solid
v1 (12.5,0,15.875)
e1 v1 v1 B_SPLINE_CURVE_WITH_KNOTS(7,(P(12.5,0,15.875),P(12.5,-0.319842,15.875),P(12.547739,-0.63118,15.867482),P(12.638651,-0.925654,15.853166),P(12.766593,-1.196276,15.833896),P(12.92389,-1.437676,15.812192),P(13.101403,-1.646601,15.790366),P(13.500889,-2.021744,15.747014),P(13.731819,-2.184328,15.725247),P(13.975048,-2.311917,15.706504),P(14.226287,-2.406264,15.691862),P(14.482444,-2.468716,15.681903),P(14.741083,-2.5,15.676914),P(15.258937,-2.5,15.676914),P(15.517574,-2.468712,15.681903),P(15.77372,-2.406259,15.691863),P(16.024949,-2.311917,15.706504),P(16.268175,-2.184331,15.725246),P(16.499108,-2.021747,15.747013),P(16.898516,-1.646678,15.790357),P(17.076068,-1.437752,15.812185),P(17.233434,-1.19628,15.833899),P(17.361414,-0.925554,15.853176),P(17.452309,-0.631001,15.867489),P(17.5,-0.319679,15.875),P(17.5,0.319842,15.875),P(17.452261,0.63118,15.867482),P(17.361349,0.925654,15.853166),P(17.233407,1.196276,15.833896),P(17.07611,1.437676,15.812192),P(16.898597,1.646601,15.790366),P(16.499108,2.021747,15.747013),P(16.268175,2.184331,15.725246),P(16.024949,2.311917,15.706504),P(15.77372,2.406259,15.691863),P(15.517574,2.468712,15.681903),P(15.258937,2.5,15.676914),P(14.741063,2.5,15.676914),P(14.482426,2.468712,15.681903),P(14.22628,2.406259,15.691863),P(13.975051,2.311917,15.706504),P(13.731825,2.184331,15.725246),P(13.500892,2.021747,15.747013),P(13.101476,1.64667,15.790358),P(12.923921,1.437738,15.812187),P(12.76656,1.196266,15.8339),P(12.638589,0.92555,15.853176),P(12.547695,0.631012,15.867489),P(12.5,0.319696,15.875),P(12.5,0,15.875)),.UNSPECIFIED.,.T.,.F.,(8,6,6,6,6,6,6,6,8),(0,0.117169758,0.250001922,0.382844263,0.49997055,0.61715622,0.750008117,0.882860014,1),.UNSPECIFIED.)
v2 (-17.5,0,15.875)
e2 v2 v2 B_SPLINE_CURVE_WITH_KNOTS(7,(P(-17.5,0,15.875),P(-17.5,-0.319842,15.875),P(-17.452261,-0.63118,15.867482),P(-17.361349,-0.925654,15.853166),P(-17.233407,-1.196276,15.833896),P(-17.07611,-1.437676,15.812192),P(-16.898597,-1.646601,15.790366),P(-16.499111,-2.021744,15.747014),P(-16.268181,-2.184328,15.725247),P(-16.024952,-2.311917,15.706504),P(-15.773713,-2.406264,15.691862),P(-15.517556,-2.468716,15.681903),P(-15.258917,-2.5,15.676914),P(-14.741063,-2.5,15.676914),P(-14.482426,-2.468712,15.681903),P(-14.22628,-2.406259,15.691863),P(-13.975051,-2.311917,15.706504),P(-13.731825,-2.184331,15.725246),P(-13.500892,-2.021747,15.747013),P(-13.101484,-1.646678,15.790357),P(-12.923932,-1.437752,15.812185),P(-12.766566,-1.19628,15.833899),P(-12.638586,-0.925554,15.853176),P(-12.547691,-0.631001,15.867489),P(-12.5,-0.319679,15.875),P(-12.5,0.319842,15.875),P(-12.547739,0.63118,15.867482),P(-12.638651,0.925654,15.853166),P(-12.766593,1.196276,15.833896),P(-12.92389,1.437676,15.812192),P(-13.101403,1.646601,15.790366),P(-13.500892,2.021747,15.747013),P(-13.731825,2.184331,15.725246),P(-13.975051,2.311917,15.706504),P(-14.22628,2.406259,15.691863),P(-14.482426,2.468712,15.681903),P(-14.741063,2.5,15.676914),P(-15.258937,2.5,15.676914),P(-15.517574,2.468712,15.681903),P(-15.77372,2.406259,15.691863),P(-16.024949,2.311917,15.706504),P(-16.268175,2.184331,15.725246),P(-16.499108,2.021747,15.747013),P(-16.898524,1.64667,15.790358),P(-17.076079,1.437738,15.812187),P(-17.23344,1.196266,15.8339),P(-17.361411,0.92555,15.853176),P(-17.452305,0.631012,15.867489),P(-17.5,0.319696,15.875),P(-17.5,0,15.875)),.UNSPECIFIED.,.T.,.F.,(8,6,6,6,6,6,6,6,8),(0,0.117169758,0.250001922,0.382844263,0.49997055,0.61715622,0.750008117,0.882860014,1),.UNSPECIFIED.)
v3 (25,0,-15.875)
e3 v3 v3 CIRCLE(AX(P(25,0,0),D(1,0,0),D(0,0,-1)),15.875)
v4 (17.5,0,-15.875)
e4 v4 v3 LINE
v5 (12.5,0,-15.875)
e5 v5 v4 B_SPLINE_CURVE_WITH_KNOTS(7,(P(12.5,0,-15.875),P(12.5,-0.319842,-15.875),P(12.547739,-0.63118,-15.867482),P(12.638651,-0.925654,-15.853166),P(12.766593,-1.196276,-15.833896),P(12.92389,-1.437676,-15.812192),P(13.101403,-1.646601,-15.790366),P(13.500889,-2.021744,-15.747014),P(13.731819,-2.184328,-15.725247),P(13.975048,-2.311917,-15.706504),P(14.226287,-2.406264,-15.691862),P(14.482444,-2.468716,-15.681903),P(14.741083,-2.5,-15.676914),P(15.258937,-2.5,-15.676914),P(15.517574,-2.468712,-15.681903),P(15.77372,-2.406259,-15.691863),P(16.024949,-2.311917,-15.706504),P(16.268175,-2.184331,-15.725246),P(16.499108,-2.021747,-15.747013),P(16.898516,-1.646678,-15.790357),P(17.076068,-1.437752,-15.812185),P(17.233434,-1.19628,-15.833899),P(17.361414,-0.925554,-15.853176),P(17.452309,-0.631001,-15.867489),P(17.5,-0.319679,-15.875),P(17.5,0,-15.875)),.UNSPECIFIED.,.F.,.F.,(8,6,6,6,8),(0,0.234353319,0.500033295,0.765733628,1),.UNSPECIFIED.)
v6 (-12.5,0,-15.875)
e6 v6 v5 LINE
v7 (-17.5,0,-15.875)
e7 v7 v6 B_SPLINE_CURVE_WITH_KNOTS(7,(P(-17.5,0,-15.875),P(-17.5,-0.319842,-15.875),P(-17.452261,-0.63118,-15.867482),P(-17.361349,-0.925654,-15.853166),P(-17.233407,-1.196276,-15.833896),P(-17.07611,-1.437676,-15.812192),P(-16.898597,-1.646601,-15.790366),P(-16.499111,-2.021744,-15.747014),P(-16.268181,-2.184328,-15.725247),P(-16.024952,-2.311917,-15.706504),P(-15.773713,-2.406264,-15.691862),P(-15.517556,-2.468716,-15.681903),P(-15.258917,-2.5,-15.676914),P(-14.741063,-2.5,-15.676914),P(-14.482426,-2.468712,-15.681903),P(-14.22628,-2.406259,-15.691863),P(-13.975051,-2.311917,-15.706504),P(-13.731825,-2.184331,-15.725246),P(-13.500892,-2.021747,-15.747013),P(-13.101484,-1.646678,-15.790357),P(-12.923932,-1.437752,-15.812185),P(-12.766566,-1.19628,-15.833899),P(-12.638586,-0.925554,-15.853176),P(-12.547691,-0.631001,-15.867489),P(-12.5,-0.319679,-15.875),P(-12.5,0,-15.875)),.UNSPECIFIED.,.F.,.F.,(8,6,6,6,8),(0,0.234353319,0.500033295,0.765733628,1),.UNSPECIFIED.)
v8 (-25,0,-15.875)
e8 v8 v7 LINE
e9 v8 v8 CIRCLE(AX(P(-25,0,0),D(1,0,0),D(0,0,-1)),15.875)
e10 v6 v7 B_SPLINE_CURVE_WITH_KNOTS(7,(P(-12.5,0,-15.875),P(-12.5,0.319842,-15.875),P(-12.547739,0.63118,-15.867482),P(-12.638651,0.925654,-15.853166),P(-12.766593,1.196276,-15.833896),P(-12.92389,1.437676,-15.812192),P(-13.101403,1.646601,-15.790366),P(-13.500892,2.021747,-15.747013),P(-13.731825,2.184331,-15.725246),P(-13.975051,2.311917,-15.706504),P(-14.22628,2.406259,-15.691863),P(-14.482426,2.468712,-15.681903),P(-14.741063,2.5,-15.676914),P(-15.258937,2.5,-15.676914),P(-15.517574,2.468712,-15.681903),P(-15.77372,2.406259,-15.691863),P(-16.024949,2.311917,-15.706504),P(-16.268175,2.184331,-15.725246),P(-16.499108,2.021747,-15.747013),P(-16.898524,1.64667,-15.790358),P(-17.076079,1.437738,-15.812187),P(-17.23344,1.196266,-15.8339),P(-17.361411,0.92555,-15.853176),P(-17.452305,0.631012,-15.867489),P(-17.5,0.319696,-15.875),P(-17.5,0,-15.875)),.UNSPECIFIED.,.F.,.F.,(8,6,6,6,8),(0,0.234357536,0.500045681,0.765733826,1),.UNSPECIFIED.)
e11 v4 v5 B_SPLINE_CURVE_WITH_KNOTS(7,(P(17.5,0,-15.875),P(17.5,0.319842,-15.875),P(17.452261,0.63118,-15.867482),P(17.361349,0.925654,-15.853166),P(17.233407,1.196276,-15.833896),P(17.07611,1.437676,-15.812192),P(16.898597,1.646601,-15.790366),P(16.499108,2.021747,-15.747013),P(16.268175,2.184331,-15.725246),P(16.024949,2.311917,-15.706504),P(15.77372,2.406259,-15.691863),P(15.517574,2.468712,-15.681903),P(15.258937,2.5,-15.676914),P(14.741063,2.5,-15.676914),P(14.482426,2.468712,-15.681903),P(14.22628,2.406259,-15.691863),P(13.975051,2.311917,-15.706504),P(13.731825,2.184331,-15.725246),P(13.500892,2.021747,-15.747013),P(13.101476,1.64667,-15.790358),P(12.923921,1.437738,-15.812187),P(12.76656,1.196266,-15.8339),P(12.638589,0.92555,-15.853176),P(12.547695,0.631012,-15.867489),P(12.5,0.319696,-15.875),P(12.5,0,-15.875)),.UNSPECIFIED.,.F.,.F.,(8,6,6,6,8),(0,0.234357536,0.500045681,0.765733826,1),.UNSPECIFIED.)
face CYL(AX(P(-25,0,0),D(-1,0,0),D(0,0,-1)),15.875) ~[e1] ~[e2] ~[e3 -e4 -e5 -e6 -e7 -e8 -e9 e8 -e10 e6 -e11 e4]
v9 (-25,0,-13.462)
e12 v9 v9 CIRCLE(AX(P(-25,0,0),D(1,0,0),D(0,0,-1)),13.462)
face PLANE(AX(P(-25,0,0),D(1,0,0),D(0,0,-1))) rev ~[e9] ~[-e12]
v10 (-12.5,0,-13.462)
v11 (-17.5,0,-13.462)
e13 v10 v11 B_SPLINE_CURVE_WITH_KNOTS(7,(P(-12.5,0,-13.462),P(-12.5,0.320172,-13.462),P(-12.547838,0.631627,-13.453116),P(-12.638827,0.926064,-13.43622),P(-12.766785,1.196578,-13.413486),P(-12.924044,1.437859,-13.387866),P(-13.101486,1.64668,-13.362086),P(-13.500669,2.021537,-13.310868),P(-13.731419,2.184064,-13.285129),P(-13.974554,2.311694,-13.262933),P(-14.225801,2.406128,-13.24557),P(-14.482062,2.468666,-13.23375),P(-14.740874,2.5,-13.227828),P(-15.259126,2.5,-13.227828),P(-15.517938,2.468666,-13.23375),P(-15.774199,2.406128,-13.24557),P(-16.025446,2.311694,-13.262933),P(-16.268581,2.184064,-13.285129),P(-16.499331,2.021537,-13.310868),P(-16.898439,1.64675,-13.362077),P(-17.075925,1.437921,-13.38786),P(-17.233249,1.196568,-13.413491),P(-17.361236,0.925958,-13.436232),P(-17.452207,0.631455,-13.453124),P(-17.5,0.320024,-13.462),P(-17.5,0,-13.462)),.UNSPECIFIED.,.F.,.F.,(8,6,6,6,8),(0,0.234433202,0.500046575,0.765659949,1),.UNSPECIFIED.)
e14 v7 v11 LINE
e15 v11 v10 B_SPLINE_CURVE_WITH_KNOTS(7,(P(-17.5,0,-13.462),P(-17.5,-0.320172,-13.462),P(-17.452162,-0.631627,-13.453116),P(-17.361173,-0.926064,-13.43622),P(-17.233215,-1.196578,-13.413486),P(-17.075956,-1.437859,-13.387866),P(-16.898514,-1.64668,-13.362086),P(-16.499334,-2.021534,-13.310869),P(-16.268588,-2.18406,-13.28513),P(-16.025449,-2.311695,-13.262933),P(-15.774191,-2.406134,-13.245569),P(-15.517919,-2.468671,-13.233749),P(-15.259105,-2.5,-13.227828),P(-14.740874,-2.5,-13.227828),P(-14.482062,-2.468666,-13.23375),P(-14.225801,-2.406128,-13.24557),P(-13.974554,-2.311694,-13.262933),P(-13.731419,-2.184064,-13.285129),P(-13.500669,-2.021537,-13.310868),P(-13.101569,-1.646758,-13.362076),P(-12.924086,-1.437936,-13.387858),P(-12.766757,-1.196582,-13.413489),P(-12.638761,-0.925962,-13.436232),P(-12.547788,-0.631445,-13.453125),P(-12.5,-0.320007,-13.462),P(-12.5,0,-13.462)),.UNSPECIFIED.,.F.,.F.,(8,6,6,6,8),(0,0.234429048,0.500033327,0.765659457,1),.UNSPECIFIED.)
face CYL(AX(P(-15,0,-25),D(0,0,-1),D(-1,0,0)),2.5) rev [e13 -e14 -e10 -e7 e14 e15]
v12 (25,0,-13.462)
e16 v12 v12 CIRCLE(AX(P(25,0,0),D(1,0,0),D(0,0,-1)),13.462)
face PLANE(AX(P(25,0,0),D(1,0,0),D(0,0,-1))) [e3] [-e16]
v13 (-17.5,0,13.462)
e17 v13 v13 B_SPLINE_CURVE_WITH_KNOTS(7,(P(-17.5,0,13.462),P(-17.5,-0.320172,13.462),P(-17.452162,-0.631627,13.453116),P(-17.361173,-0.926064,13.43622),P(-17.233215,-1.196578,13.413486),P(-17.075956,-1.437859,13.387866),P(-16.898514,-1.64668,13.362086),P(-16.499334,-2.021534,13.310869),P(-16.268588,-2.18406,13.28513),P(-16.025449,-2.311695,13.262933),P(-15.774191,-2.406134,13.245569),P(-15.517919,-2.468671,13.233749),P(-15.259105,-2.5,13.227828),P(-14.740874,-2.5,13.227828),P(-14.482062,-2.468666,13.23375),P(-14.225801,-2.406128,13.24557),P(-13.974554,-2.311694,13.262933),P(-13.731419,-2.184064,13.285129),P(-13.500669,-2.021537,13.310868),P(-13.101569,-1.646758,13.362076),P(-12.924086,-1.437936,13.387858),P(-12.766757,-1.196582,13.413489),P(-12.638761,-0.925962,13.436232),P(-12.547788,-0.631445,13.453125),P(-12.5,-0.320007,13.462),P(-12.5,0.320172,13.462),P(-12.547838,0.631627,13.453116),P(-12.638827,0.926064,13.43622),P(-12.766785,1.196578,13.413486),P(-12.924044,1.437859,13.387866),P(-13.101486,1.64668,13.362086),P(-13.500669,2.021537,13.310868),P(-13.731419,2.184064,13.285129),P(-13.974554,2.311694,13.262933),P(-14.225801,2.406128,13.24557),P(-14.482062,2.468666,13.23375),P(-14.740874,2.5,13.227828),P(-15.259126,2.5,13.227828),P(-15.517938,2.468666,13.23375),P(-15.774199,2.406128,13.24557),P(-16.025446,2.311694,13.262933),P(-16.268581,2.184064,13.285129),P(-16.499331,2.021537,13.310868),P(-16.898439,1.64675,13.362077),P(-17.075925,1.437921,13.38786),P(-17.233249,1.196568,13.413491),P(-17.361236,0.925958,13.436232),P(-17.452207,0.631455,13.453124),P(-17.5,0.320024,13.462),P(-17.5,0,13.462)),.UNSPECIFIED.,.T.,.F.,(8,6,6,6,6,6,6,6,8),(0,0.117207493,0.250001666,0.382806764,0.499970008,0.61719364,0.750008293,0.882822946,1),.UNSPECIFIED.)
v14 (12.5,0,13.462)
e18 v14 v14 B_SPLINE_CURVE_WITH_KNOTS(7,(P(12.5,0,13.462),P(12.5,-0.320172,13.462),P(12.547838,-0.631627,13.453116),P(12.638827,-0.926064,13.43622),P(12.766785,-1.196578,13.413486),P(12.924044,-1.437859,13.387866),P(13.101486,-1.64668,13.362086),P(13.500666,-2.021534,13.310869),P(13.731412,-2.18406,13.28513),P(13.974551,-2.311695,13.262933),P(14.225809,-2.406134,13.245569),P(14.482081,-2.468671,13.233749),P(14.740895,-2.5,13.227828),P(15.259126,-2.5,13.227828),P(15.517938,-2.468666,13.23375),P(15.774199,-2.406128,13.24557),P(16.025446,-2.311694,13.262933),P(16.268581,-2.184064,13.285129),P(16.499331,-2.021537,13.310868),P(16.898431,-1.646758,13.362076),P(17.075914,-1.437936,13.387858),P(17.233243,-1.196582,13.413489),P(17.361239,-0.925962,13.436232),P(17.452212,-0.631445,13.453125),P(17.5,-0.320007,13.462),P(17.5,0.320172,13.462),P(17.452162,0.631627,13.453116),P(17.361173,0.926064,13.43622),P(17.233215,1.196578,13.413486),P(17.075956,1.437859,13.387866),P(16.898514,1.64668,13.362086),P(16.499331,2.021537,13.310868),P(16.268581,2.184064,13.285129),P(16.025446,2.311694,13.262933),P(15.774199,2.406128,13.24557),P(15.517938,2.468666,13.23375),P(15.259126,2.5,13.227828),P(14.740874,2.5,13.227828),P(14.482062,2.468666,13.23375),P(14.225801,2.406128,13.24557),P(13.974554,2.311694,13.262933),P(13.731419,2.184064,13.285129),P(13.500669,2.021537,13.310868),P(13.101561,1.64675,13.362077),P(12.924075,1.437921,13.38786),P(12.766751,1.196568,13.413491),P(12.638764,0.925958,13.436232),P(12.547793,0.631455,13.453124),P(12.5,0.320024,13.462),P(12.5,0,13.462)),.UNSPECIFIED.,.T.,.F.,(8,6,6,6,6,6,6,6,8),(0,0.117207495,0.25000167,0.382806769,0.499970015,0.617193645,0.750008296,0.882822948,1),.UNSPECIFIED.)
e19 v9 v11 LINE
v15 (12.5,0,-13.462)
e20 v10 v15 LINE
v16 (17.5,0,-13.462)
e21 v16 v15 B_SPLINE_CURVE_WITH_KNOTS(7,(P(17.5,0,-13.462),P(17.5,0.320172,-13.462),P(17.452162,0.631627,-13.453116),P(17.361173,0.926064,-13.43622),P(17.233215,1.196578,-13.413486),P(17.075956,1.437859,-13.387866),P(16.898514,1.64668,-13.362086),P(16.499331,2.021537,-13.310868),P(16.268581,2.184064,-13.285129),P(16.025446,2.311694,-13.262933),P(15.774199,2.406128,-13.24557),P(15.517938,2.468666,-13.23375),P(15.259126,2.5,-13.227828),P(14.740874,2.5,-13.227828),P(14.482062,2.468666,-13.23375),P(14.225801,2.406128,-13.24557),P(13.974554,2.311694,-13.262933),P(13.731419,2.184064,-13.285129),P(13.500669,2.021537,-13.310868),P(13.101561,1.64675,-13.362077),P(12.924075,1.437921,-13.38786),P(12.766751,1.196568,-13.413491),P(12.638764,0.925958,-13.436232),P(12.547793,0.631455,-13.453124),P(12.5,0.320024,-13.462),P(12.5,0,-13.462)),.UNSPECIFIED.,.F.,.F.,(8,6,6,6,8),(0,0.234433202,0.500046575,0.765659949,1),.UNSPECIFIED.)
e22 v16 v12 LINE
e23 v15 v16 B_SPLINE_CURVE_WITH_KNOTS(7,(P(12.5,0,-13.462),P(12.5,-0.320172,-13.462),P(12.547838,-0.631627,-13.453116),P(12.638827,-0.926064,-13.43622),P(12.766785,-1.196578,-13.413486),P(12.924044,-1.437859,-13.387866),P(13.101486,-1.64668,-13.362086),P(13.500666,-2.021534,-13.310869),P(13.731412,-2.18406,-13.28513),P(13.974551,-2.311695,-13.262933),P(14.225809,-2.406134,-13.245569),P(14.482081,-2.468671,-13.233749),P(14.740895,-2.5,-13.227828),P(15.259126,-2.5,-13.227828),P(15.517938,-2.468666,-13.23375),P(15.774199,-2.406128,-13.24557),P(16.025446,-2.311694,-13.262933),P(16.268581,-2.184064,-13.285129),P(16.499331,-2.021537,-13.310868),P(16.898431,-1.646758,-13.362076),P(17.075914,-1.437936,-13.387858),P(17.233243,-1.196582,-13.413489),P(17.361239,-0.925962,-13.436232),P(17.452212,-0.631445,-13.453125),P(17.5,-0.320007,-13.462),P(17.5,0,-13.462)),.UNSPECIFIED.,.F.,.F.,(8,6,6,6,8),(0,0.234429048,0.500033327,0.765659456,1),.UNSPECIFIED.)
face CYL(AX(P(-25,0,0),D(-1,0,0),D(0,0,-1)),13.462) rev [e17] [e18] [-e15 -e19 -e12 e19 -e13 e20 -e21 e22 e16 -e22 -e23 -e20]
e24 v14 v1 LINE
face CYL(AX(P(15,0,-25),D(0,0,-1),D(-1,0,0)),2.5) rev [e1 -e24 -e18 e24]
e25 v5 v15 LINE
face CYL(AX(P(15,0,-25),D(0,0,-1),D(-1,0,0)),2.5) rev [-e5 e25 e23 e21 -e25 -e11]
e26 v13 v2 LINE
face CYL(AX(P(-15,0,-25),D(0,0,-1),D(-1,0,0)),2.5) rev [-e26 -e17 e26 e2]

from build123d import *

# Parameters (mm, degrees)
BOSS_EXTRUDE1_DEPTH      = 25
BOSS_EXTRUDE1_DEPTH_BACK = 25
SKETCH1_R                = 15.875
SKETCH1_R_2              = 13.462
CUT_EXTRUDE1_DEPTH       = 25
CUT_EXTRUDE1_DEPTH_BACK  = 25
SKETCH2_R                = 2.5


with BuildPart() as part:
    # Sketch1 → Boss-Extrude1 (new, two sides: drawn at the far end of the back side and taken through both)
    with BuildSketch(Plane(origin=(0, 0, 0), x_dir=(0, 0, -1), z_dir=(1, 0, 0)).offset(-BOSS_EXTRUDE1_DEPTH_BACK)):
        Circle(SKETCH1_R)
        Circle(SKETCH1_R_2, mode=Mode.SUBTRACT)
    extrude(amount=BOSS_EXTRUDE1_DEPTH + BOSS_EXTRUDE1_DEPTH_BACK)

    # Sketch2 → Cut-Extrude1 (cut, two sides: drawn at the far end of the back side and taken through both)
    with BuildSketch(Plane.XY.offset(-CUT_EXTRUDE1_DEPTH_BACK)):
        with Locations((-15, 0)):
            Circle(SKETCH2_R)
        with Locations((15, 0)):
            Circle(SKETCH2_R)
    extrude(amount=CUT_EXTRUDE1_DEPTH + CUT_EXTRUDE1_DEPTH_BACK, mode=Mode.SUBTRACT)


solid = part.part
